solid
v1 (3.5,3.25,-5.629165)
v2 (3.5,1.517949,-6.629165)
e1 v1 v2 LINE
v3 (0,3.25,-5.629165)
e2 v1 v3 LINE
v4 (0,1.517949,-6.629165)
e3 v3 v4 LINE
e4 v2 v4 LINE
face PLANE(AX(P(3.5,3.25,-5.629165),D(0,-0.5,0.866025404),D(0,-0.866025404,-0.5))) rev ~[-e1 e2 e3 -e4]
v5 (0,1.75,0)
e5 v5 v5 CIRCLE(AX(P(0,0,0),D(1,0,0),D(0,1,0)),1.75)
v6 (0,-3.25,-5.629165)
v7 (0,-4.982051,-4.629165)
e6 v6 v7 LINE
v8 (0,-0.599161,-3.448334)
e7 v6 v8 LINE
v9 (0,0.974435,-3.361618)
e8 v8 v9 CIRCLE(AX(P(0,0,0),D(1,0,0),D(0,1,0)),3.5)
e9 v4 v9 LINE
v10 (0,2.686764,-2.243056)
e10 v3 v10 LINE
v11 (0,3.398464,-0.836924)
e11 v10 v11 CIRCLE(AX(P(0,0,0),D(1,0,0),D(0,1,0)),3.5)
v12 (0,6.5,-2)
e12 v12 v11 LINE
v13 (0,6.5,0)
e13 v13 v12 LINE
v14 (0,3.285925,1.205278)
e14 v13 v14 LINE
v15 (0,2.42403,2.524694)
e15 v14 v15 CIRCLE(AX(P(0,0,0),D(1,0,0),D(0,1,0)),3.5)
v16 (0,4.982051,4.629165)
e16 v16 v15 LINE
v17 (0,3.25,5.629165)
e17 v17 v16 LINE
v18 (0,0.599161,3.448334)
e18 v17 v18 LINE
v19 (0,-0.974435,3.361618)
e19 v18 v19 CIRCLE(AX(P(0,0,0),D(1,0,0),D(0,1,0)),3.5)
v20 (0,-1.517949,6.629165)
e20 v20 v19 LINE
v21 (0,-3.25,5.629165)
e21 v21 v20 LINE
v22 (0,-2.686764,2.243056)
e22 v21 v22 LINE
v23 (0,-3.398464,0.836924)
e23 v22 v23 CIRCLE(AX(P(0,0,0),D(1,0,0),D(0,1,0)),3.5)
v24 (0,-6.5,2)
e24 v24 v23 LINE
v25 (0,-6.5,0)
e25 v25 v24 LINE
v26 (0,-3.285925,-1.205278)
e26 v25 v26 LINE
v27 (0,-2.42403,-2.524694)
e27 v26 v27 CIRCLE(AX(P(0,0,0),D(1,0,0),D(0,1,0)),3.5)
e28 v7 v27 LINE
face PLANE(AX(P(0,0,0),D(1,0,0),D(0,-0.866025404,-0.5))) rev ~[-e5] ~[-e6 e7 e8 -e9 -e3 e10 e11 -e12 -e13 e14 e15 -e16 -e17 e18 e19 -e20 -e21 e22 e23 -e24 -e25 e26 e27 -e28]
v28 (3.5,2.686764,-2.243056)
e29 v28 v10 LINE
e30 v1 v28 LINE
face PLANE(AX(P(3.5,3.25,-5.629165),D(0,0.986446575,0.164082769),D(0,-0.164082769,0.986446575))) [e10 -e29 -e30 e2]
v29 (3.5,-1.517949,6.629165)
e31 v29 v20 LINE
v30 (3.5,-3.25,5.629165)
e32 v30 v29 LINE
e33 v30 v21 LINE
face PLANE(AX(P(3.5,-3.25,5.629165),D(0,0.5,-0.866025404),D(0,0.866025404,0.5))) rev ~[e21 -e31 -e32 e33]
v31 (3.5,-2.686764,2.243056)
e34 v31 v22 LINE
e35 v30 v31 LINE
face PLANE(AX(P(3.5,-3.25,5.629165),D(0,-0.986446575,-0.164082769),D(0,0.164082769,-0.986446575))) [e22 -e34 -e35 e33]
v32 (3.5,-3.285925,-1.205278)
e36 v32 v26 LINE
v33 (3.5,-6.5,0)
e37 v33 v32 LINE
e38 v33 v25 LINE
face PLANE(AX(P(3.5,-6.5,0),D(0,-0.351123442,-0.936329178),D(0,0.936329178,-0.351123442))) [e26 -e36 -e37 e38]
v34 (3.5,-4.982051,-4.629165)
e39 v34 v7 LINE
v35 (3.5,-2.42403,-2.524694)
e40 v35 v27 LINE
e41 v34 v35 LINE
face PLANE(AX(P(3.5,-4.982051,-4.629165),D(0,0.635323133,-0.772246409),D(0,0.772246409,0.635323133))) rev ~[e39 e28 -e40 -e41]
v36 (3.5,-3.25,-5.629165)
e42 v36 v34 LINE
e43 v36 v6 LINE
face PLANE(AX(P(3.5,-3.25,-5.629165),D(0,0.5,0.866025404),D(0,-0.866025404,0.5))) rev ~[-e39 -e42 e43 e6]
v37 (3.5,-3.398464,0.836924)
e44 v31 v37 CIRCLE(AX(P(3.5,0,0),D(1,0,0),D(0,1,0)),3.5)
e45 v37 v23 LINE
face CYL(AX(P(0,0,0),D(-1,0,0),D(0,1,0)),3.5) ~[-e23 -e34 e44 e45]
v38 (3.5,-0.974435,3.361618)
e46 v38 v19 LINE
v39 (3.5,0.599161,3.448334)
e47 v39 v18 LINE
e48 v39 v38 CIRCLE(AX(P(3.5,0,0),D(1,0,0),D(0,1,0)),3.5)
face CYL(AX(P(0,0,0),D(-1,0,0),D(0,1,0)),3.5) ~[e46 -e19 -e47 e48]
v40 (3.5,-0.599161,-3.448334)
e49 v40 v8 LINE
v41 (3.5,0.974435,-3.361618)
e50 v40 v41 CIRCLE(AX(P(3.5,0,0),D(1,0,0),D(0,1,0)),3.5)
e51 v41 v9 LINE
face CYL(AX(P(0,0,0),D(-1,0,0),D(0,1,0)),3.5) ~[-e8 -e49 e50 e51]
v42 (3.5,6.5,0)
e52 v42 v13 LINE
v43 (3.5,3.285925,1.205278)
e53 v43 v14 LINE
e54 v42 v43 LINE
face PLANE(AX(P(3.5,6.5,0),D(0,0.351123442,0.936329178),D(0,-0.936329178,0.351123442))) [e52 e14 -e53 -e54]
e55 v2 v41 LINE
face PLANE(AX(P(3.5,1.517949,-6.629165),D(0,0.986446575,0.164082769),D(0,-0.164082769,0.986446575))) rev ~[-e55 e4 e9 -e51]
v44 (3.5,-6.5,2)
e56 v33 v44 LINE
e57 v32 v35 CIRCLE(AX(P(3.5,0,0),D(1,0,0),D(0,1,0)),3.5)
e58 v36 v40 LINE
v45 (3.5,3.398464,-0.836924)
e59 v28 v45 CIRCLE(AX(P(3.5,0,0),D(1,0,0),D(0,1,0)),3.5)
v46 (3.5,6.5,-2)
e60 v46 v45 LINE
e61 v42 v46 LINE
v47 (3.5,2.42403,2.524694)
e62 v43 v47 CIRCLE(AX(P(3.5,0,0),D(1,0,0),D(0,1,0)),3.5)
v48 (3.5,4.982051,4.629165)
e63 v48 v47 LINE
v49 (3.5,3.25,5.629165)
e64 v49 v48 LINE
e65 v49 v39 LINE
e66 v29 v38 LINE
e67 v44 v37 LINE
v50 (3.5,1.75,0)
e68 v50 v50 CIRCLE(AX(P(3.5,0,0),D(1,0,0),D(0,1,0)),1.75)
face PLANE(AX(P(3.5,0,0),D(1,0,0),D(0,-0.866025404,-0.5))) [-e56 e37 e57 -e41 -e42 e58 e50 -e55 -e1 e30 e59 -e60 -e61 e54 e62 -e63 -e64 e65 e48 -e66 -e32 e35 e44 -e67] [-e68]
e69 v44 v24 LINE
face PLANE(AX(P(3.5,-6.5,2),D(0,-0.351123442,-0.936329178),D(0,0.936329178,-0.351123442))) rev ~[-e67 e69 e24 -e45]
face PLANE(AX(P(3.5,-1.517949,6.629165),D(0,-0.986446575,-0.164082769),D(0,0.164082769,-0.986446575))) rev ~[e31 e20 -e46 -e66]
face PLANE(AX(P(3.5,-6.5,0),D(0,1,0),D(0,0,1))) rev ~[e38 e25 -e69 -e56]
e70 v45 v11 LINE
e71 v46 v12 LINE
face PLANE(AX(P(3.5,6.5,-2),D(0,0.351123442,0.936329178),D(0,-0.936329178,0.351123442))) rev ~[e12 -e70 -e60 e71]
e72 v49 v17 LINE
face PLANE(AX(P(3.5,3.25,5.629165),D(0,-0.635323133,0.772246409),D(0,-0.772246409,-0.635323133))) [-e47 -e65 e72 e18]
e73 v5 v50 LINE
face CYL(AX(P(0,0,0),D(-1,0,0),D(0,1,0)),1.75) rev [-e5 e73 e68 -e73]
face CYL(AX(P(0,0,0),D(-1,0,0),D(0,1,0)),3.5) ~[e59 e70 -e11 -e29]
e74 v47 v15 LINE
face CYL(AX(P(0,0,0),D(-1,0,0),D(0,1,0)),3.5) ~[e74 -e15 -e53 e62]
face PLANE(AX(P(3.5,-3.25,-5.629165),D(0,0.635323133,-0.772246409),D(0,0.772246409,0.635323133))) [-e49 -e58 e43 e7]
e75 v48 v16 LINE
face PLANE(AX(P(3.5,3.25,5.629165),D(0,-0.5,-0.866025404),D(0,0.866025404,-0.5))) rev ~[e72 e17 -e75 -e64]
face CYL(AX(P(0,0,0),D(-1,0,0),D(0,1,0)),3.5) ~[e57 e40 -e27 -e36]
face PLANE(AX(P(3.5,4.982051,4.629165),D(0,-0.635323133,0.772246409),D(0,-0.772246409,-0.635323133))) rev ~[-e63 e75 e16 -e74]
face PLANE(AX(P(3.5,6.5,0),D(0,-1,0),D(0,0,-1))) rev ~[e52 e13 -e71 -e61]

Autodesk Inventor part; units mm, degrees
ref_plane "YZ Plane" through (0, 0, 0) normal (1, 0, 0) x (0, 1, 0)
ref_plane "XZ Plane" through (0, 0, 0) normal (0, 1, 0) x (-1, 0, 0)
ref_plane "XY Plane" through (0, 0, 0) normal (0, 0, 1) x (1, 0, 0)
sketch "Sketch1" plane through (0, 0, 0) normal (1, 0, 0) x (0, 1, 0)
  circle A0 centre (0, 0) radius 1.75
  circle A1 centre (0, 0) radius 3.5
  dimension "d0" = 3.5
  dimension "d1" = 7
extrude "Extrusion1" add sketch "Sketch1" along normal blind 3.5
sketch "Sketch2" plane through (3.5, 0, 0) normal (1, 0, 0) x (0, 0, -1)
  circle A0 centre (0, 0) radius 3.5 construction
  line L0 (0, 3.5) -> (0, 2.5) construction
  line L1 (0, 2.5) -> (1.5, 2.5) construction
  line L2 (1.5, 2.5) -> (-1.5, 2.5) construction
  line L3 (0, 3.5) -> (0, 6.5) construction
  line L4 (0, 6.5) -> (-1.5, 2.5)
  line L5 (0, 6.5) -> (2, 6.5)
  line L6 (2, 6.5) -> (0.5, 2.5)
  line L7 (-1.5, 2.5) -> (0.5, 2.5)
  dimension "d4" = 1
  dimension "d5" = 1.5
  dimension "d6" = 3
  dimension "d7" = 3
  dimension "d8" = 2
extrude "Extrusion2" add sketch "Sketch2" against normal blind 3.5
pattern_circular "Circular Pattern1" count 6 over 360 about axis through (0, 0, 0) along (1, 0, 0) of "Extrusion2"
properties part number "mtv_gear6v2_1-16"
